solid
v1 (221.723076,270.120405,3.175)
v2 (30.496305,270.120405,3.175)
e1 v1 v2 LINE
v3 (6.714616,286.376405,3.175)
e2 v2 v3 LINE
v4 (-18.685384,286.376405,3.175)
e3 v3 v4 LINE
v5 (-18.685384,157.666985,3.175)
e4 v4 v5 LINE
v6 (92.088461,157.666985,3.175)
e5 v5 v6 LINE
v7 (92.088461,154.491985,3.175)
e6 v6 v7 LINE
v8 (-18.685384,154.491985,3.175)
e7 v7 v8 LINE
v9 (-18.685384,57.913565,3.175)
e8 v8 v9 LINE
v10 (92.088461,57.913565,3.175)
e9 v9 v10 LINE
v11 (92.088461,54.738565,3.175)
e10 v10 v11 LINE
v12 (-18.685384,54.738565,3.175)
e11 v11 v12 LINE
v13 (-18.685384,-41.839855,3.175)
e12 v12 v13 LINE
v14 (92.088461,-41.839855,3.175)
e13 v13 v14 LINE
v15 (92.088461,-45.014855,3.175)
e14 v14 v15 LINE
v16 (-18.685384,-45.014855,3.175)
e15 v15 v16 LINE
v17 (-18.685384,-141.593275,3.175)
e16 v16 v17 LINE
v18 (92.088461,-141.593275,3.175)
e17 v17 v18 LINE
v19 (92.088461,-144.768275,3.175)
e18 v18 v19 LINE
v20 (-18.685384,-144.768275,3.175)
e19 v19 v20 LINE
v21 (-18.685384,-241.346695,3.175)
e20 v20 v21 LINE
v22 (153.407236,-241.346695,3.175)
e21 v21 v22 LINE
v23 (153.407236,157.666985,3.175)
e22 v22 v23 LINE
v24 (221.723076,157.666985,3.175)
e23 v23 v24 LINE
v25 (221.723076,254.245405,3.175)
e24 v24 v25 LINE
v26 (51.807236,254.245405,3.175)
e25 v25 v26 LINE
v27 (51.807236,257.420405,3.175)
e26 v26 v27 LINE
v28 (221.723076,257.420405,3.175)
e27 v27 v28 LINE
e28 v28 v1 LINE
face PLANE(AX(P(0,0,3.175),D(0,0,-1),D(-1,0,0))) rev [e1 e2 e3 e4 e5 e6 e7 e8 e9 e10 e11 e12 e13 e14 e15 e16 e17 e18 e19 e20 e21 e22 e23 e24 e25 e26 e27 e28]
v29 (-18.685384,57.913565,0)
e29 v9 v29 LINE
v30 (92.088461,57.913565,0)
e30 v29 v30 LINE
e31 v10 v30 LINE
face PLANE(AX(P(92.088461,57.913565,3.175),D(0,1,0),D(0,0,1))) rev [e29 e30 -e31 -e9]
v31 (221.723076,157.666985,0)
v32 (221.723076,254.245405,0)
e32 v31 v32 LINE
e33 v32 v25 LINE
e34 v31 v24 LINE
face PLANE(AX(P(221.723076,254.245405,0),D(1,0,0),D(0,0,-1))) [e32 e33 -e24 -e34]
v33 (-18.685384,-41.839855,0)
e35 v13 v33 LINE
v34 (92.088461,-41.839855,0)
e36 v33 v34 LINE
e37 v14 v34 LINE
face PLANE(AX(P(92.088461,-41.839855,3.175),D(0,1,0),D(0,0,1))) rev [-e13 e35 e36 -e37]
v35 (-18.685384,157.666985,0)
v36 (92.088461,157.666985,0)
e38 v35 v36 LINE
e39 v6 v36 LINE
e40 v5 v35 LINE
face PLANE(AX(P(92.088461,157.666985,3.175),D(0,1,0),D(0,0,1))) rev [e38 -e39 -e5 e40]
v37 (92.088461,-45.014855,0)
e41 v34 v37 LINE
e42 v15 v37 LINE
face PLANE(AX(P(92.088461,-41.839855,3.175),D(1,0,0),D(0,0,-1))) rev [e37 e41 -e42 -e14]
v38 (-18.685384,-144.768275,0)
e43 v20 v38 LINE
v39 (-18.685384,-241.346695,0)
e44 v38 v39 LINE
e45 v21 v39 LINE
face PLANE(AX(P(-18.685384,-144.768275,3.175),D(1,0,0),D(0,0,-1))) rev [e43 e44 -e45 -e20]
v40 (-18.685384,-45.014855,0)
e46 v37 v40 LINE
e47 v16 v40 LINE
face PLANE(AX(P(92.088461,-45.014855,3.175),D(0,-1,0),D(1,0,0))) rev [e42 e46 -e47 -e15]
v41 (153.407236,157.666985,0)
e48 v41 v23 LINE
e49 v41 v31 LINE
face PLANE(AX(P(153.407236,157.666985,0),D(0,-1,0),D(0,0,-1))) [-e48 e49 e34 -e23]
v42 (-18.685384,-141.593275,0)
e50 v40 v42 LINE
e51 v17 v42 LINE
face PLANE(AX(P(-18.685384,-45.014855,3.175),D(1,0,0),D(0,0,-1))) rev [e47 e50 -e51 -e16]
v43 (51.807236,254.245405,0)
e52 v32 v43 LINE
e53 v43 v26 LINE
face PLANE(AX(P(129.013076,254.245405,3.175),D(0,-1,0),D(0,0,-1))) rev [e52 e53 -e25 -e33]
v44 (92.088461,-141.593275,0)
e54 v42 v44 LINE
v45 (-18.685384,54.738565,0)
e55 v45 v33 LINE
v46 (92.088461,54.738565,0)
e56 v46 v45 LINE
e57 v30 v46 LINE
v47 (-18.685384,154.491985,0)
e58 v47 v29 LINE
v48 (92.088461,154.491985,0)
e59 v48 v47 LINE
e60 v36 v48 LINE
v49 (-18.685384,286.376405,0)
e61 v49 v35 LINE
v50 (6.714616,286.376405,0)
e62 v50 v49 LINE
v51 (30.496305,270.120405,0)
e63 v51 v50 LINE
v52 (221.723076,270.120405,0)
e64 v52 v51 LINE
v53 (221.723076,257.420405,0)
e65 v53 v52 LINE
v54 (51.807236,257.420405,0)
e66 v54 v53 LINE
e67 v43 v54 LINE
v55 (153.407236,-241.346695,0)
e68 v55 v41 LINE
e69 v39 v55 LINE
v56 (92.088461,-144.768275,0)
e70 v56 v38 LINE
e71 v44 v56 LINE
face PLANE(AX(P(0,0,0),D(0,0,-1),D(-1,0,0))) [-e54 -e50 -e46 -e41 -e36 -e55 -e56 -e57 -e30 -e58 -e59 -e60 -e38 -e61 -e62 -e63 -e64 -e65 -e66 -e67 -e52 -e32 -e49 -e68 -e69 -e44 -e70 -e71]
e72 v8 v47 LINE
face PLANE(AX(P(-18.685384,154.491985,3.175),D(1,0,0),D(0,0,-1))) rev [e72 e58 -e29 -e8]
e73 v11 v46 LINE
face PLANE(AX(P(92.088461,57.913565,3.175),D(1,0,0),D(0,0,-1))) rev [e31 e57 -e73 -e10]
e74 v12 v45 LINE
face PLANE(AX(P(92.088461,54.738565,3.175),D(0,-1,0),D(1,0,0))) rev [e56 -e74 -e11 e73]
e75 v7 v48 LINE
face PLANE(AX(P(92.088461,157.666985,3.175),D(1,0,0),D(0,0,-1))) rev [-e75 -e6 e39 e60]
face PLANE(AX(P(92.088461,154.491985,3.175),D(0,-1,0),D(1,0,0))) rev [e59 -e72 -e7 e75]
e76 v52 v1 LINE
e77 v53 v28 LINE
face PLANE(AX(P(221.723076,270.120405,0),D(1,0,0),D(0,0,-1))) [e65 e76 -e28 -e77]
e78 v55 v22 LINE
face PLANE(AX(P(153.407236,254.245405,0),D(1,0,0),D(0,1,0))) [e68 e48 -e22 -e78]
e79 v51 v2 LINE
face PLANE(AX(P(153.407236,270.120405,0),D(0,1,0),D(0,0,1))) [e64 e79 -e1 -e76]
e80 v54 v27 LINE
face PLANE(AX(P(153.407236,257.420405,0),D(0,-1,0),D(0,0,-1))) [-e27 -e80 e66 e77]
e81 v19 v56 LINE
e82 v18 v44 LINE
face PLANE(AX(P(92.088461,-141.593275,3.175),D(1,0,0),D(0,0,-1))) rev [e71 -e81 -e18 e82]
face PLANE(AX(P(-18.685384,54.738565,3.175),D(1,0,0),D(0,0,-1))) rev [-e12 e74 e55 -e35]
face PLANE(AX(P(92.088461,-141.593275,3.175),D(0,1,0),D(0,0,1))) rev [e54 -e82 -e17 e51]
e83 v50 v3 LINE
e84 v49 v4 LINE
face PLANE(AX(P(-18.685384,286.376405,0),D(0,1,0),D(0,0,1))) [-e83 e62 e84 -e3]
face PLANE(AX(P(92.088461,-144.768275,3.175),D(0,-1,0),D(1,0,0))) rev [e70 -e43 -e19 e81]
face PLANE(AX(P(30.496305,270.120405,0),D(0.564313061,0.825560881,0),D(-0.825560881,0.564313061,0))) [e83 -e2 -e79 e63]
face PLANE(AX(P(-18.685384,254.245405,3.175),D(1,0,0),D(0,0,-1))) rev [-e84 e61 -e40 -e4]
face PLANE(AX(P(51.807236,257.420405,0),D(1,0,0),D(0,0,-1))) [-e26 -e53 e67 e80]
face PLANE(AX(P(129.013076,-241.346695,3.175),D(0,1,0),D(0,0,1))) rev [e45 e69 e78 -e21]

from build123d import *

# Parameters (mm, degrees)
BOSS_EXTRUDE2_DEPTH = 3.175
SKETCH2_W           = 24.39416
SKETCH2_H           = 495.5921
BOSS_EXTRUDE3_DEPTH = 3.175
BOSS_EXTRUDE4_DEPTH = 3.175
SKETCH4_W           = 68.31584
SKETCH4_H           = 12.7
SKETCH4_H_2         = 96.57842
BOSS_EXTRUDE5_DEPTH = 3.175


with BuildPart() as part:
    # Sketch1 → Boss-Extrude2 (new body)
    with BuildSketch(Plane.XY):
        Polygon((129.013076168, 254.245404572), (-18.685383832, 254.245404572), (-18.685383832, 157.666984572), (92.088461168, 157.666984572), (92.088461168, 154.491984572), (-18.685383832, 154.491984572), (-18.685383832, 57.913564572), (92.088461168, 57.913564572), (92.088461168, 54.738564572), (-18.685383832, 54.738564572), (-18.685383832, -41.839855428), (92.088461168, -41.839855428), (92.088461168, -45.014855428), (-18.685383832, -45.014855428), (-18.685383832, -141.593275428), (92.088461168, -141.593275428), (92.088461168, -144.768275428), (-18.685383832, -144.768275428), (-18.685383832, -241.346695428), (129.013076168, -241.346695428), align=None)
    extrude(amount=BOSS_EXTRUDE2_DEPTH)

    # Sketch2 → Boss-Extrude3 (add, through all)
    with BuildSketch(Plane.XY.offset(3.175)):
        with Locations((141.210156168, 6.449354572)):
            Rectangle(SKETCH2_W, SKETCH2_H)
    extrude(amount=-BOSS_EXTRUDE3_DEPTH)

    # Sketch3 → Boss-Extrude4 (add, through all)
    with BuildSketch(Plane.XY.offset(3.175)):
        Polygon((51.807236168, 257.420404572), (51.807236168, 254.245404572), (-18.685383832, 254.245404572), (-18.685383832, 286.376404572), (6.714616168, 286.376404572), (30.496305109, 270.120404572), (153.407236168, 270.120404572), (153.407236168, 257.420404572), align=None)
    extrude(amount=-BOSS_EXTRUDE4_DEPTH)

    # Sketch4 → Boss-Extrude5 (add, through all)
    with BuildSketch(Plane.XY.offset(3.175)):
        with Locations((187.565156168, 263.770404572)):
            Rectangle(SKETCH4_W, SKETCH4_H)
        with Locations((187.565156168, 205.956194572)):
            Rectangle(SKETCH4_W, SKETCH4_H_2)
    extrude(amount=-BOSS_EXTRUDE5_DEPTH)


solid = part.part
